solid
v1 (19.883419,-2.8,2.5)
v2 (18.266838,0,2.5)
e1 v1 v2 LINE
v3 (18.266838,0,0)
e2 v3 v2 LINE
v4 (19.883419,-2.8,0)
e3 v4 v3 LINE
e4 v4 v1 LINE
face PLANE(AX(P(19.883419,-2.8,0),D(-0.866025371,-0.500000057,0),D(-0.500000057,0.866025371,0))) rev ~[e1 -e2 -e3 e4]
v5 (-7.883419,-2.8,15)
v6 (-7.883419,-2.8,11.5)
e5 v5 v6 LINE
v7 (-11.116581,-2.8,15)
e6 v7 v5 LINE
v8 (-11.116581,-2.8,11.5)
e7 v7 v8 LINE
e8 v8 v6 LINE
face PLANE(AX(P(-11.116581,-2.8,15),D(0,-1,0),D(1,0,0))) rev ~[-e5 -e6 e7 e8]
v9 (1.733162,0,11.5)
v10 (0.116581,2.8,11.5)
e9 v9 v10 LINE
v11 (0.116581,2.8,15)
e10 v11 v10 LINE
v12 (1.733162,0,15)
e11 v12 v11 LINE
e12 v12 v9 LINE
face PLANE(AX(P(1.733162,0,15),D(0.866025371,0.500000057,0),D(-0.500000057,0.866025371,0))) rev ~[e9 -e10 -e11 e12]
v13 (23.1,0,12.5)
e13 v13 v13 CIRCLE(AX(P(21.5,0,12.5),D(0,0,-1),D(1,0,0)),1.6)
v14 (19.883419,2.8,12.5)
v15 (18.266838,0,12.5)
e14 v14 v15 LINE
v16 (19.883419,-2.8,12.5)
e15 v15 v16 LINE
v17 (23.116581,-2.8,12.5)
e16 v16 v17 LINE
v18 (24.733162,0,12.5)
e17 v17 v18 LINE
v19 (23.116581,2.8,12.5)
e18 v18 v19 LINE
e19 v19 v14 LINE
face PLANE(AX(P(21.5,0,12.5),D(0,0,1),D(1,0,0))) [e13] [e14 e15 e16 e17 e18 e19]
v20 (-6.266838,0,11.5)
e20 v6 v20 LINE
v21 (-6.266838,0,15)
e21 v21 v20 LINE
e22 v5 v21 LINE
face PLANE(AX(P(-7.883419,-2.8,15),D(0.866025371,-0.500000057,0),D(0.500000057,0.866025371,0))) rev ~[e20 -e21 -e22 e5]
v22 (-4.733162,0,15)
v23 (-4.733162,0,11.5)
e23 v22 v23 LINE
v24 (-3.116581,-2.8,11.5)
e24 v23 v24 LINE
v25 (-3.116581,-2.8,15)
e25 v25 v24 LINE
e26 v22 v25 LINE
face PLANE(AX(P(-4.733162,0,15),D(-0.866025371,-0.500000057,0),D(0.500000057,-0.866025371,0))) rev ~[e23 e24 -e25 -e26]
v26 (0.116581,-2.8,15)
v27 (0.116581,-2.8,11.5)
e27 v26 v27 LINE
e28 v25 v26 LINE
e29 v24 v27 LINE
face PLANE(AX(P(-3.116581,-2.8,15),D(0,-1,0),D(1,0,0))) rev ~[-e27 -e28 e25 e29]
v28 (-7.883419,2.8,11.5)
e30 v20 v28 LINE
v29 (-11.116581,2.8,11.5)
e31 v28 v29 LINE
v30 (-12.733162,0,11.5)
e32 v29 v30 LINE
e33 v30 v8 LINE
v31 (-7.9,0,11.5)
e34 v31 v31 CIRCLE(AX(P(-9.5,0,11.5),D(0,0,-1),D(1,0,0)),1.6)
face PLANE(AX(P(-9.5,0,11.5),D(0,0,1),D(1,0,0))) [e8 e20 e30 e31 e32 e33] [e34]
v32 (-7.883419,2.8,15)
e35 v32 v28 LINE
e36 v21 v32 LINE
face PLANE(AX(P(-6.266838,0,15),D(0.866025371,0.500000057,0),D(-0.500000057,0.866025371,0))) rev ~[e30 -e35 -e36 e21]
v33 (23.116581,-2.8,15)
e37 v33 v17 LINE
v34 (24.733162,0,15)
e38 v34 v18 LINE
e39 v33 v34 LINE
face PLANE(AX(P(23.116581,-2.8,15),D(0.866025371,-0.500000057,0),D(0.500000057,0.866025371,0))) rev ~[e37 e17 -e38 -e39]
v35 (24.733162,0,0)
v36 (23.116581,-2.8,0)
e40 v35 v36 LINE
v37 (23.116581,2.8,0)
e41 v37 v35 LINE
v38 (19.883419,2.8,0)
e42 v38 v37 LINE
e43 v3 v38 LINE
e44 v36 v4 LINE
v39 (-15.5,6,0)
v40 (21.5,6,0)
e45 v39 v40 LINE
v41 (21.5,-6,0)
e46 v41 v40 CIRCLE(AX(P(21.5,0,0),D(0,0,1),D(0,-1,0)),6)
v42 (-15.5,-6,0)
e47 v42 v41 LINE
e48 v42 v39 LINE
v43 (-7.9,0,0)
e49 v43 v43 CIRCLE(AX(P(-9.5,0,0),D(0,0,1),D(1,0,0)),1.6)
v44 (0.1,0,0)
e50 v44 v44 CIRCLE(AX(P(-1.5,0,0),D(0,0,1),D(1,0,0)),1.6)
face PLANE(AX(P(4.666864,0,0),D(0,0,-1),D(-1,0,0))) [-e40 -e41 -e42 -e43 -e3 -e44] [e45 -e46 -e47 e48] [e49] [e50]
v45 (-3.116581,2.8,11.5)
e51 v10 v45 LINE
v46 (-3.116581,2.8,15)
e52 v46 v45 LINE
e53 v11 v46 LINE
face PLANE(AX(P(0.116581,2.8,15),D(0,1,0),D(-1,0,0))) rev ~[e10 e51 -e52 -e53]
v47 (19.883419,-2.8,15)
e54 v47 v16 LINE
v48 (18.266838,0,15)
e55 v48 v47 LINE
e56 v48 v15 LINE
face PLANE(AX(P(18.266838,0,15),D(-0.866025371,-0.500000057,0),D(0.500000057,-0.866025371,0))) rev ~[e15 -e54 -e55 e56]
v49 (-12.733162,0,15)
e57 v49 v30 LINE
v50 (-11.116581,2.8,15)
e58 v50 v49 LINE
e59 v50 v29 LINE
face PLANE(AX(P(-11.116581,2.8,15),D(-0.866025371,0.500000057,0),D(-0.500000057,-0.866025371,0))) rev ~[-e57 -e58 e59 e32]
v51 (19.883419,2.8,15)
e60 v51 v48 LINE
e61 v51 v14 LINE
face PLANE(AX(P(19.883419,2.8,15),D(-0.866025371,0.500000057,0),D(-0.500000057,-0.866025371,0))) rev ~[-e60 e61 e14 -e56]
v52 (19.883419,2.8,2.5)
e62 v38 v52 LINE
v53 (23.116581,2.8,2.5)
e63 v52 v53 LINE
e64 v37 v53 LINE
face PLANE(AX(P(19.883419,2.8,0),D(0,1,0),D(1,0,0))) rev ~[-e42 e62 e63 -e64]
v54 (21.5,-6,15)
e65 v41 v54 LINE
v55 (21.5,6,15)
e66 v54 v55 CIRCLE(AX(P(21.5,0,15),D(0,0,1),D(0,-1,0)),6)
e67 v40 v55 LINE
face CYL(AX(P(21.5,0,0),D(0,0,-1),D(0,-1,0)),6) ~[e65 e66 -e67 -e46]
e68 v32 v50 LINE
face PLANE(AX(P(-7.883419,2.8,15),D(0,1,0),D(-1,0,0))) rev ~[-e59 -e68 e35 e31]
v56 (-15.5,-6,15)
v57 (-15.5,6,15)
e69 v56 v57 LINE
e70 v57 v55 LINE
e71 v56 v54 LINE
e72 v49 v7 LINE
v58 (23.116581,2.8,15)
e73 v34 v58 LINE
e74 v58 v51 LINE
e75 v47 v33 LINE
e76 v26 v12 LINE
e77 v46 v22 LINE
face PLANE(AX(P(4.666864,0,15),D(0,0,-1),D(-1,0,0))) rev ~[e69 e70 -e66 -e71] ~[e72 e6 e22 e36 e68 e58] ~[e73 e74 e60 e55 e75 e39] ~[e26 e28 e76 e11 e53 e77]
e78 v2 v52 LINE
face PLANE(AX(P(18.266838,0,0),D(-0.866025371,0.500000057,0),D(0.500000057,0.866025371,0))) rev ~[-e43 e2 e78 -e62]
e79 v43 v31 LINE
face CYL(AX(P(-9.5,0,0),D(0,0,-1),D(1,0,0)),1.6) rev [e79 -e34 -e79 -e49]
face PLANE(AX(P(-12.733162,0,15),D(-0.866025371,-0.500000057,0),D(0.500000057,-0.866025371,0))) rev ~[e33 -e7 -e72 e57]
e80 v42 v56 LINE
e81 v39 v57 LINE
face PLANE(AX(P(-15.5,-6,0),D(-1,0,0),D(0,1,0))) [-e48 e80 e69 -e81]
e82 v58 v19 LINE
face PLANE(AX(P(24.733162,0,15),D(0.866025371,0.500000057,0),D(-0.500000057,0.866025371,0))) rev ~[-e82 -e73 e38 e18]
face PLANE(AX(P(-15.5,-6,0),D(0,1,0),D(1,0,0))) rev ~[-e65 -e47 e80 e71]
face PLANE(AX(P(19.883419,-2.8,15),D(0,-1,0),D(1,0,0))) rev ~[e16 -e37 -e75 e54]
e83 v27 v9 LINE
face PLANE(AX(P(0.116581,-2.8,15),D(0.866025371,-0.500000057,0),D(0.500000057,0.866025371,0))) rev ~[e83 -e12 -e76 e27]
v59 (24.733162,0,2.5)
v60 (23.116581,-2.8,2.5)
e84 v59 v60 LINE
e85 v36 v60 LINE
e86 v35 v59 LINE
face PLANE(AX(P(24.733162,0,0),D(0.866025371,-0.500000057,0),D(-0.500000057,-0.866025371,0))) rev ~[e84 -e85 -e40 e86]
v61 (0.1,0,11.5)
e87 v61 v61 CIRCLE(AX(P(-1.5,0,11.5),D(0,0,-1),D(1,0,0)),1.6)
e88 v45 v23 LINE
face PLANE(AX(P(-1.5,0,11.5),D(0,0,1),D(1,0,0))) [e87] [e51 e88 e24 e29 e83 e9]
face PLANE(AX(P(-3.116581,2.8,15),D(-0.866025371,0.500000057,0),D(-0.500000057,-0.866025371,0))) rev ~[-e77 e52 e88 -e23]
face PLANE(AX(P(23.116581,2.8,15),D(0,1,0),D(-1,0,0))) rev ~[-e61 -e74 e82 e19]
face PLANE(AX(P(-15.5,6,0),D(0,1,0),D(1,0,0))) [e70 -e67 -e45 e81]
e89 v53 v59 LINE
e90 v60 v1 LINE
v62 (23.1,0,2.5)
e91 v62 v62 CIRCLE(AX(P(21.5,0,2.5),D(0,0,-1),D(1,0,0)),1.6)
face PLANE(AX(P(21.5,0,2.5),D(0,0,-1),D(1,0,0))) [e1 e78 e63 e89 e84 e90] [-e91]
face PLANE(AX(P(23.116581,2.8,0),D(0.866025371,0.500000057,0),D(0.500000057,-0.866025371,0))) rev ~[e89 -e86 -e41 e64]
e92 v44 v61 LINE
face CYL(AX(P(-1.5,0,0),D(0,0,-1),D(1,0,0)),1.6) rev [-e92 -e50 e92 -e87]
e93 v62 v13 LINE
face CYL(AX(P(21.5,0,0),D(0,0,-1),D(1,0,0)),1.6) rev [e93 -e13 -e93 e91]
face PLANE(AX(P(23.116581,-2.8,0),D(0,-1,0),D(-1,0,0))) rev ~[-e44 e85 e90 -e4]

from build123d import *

# Parameters (mm, degrees)
SKETCH_R        = 1.6
PAD_DEPTH       = 15
POCKET_DEPTH    = 3.5
POCKET001_DEPTH = 2.5
POCKET002_DEPTH = 2.5


with BuildPart() as part:
    # Sketch → Pad (new body)
    with BuildSketch(Plane.XY):
        with BuildLine():
            Line((-15.5, 6), (15.5, 6))
            Line((15.5, 6), (21.5, 6))
            ThreePointArc((21.5, -6), (27.5, 0), (21.5, 6))
            Line((15.5, -6), (21.5, -6))
            Line((15.5, -6), (-15.5, -6))
            Line((-15.5, -6), (-15.5, 6))
        make_face()
        with Locations((-9.5, 0)):
            Circle(SKETCH_R, mode=Mode.SUBTRACT)
        with Locations((-1.5, 0)):
            Circle(SKETCH_R, mode=Mode.SUBTRACT)
        with Locations((21.5, 0)):
            Circle(SKETCH_R, mode=Mode.SUBTRACT)
    extrude(amount=PAD_DEPTH)

    # Sketch001 (on Face11 of Pad) → Pocket (cut)
    with BuildSketch(Plane.XY.offset(15)):
        Polygon((-7.883419, 2.8), (-11.116581, 2.8), (-12.733162, 0), (-11.116581, -2.8), (-7.883419, -2.8), (-6.266838, 0), align=None)
        Polygon((0.116581, 2.8), (-3.116581, 2.8), (-4.733162, 0), (-3.116581, -2.8), (0.116581, -2.8), (1.733162, 0), align=None)
    extrude(amount=-POCKET_DEPTH, mode=Mode.SUBTRACT)

    # Sketch002 (on Face5 of Pocket) → Pocket001 (cut)
    with BuildSketch(Plane.XY.offset(15)):
        Polygon((23.116581, 2.8), (19.883419, 2.8), (18.266838, 0), (19.883419, -2.8), (23.116581, -2.8), (24.733162, 0), align=None)
    extrude(amount=-POCKET001_DEPTH, mode=Mode.SUBTRACT)

    # Sketch003 (on Face4 of Pocket001) → Pocket002 (cut)
    with BuildSketch(Plane(origin=(0, 0, 0), x_dir=(1, 0, 0), z_dir=(0, 0, -1))):
        Polygon((24.733162, 0), (23.116581, 2.8), (19.883419, 2.8), (18.266838, 0), (19.883419, -2.8), (23.116581, -2.8), align=None)
    extrude(amount=-POCKET002_DEPTH, mode=Mode.SUBTRACT)


solid = part.part
